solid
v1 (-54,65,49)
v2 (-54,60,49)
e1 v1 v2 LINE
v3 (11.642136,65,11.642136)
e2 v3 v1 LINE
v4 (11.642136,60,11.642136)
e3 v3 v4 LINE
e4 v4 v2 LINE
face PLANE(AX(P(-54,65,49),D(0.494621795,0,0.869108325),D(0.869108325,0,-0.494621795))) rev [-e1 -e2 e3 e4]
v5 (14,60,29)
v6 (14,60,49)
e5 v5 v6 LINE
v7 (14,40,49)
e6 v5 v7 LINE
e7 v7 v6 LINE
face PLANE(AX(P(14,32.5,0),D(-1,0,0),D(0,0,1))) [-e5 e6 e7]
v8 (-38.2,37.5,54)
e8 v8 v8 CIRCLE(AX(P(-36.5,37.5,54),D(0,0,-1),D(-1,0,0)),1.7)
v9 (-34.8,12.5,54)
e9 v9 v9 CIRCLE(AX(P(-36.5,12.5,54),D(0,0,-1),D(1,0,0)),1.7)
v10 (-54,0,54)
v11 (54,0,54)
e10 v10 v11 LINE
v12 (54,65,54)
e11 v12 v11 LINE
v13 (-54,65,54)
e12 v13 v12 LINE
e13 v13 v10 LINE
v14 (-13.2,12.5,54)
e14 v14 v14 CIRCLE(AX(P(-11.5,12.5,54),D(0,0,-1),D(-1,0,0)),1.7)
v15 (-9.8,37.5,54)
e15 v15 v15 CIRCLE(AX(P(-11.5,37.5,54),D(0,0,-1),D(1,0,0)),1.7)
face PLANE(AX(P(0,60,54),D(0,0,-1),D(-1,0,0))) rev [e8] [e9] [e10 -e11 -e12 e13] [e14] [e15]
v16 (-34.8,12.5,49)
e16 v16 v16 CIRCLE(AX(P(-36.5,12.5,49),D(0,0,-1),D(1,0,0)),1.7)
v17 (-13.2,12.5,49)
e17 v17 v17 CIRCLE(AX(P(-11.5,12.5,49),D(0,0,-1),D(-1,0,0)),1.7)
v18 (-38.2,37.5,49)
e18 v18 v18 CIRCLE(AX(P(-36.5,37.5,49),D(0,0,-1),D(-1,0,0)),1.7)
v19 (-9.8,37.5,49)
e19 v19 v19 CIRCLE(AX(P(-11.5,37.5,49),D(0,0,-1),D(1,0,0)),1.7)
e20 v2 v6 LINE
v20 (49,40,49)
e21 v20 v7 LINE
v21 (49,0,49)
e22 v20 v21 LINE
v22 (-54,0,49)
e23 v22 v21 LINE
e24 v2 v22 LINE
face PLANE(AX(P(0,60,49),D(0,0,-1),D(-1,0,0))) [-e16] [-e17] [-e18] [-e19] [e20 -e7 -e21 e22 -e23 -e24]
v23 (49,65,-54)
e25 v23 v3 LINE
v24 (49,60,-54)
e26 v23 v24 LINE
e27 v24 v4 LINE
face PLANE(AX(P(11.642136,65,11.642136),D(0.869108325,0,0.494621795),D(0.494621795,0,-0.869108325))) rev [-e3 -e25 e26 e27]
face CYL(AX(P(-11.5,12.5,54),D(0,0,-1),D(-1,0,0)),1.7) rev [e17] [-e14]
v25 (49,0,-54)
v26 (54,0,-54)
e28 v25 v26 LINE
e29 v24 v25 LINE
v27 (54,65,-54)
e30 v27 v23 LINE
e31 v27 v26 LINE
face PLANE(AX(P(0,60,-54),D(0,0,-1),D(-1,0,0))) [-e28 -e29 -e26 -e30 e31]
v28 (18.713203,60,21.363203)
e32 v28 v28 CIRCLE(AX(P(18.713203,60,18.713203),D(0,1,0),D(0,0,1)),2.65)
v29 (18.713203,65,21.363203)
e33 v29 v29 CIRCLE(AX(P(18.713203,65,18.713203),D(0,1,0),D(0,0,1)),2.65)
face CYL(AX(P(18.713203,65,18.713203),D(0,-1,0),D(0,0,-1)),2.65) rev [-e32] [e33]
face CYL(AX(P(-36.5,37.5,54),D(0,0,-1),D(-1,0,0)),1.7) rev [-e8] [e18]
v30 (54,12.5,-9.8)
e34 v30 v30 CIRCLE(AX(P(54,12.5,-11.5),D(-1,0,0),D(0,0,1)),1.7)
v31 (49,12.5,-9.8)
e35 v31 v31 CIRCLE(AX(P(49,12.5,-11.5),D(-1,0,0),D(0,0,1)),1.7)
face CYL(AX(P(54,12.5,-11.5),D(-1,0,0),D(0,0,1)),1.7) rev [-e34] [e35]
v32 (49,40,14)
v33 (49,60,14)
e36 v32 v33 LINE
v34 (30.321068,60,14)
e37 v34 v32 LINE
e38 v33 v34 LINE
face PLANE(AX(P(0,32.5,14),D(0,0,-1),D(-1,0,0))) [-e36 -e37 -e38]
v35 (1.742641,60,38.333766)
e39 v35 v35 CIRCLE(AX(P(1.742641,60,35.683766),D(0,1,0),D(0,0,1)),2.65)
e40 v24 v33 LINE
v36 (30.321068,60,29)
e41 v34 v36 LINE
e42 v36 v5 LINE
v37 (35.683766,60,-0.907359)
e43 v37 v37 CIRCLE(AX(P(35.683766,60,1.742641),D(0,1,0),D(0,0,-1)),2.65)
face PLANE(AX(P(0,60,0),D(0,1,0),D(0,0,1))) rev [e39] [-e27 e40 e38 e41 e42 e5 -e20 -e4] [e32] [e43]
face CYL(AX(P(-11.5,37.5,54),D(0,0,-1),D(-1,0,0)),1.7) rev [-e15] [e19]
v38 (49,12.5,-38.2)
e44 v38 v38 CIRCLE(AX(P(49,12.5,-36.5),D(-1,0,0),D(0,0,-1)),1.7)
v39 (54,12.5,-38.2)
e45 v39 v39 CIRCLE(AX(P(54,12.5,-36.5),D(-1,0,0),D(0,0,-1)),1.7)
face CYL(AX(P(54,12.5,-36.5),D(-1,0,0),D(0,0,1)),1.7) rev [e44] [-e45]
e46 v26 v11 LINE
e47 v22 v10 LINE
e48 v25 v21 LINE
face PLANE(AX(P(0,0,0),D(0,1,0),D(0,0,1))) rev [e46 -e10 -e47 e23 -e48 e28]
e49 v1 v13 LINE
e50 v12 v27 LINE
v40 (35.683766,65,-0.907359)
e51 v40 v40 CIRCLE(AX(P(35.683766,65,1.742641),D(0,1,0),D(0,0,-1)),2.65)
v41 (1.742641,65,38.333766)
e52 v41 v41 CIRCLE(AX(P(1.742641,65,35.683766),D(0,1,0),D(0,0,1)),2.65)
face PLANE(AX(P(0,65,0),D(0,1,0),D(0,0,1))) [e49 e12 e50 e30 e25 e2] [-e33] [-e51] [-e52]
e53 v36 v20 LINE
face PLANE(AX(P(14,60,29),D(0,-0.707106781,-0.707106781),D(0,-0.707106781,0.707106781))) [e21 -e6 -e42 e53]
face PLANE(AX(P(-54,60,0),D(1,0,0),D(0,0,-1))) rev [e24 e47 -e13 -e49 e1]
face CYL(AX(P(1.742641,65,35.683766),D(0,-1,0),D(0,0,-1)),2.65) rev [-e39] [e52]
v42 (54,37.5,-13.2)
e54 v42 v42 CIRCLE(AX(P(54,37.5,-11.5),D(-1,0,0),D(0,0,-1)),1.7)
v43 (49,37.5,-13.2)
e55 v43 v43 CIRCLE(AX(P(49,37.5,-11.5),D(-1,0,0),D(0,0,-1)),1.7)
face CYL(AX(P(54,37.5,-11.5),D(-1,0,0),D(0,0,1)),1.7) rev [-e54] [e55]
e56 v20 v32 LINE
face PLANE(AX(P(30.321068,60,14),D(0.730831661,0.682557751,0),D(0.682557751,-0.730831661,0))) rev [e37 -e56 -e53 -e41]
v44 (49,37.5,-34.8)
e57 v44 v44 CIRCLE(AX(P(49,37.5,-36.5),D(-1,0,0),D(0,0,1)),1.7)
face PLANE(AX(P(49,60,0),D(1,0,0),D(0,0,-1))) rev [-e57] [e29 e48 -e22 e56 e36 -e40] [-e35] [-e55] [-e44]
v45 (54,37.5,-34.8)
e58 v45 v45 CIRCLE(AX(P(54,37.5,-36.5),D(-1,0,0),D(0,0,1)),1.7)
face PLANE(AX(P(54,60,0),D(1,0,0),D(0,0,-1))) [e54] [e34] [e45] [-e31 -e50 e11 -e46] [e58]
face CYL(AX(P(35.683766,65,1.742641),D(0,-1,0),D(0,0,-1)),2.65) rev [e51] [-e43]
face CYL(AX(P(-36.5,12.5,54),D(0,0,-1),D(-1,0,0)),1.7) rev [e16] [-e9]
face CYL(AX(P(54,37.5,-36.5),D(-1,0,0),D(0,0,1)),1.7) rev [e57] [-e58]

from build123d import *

# Parameters (mm, degrees)
EXTRUDE_2_DEPTH     = 60
SKETCH_4_R          = 1.7
CUT_EXTRUDE_1_DEPTH = 131.862523283
SKETCH_5_R          = 1.7
CUT_EXTRUDE_2_DEPTH = 131.862523283
SKETCH_6_R          = 2.65
EXTRUDE_4_DEPTH     = 5
RIB_1_REACH         = 110.467
RIB_4_REACH         = 110.467
SKETCH_13_WALL_W    = 247.21744068
SKETCH_13_WALL_H    = 35


with BuildPart() as part:
    # 草图3 → 凸台-拉伸2 (new body)
    with BuildSketch(Plane(origin=(0, 0, 0), x_dir=(1, 0, 0), z_dir=(0, 1, 0))):
        Polygon((54, 54), (49, 54), (49, -49), (-54, -49), (-54, -54), (54, -54), align=None)
    extrude(amount=EXTRUDE_2_DEPTH)

    # 草图4 → 切除-拉伸1 (cut, through all)
    with BuildSketch(Plane(origin=(0, 0, 49), x_dir=(-1, 0, 0), z_dir=(0, 0, -1))):
        with Locations((36.5, 37.5)):
            Circle(SKETCH_4_R)
        with Locations(Location((36.5, 12.5, 0), (0, 0, 180))):
            Circle(SKETCH_4_R)
        with Locations((11.5, 12.5)):
            Circle(SKETCH_4_R)
        with Locations(Location((11.5, 37.5, 0), (0, 0, 180))):
            Circle(SKETCH_4_R)
    extrude(amount=-CUT_EXTRUDE_1_DEPTH, mode=Mode.SUBTRACT)

    # 草图5 → 切除-拉伸2 (cut, through all)
    with BuildSketch(Plane.ZY.offset(-49)):
        with Locations((-36.5, 37.5)):
            Circle(SKETCH_5_R)
        with Locations(Location((-36.5, 12.5, 0), (0, 0, 180))):
            Circle(SKETCH_5_R)
        with Locations((-11.5, 12.5)):
            Circle(SKETCH_5_R)
        with Locations(Location((-11.5, 37.5, 0), (0, 0, 180))):
            Circle(SKETCH_5_R)
    extrude(amount=-CUT_EXTRUDE_2_DEPTH, mode=Mode.SUBTRACT)

    # 草图6 → 凸台-拉伸4 (add)
    with BuildSketch(Plane(origin=(0, 60, 0), x_dir=(1, 0, 0), z_dir=(0, 1, 0))):
        Polygon((-54, -49), (-54, -54), (54, -54), (54, 54), (49, 54), (11.642135624, -11.642135624), align=None)
        with Locations(Location((1.742640687, -35.683766184, 0), (0, 0, 270))):
            Circle(SKETCH_6_R, mode=Mode.SUBTRACT)
        with Locations(Location((35.683766184, -1.742640687, 0), (0, 0, 90))):
            Circle(SKETCH_6_R, mode=Mode.SUBTRACT)
        with Locations(Location((18.713203436, -18.713203436, 0), (0, 0, 270))):
            Circle(SKETCH_6_R, mode=Mode.SUBTRACT)
    extrude(amount=EXTRUDE_4_DEPTH)

    # 草图10 walls → 筋1 (add, up to next)
    with BuildSketch(Plane(origin=(0, 0, 14), x_dir=(-1, 0, 0), z_dir=(0, 0, -1)), mode=Mode.PRIVATE) as rib_1_sk1:
        Polygon((18.817089986, 163.891167178), (-149.296374034, -16.112124581), (-123.717265916, -40.00164588), (44.396198104, 140.00164588), align=None)
    rib_1_tool1 = extrude(rib_1_sk1.sketch, amount=-RIB_1_REACH, mode=Mode.PRIVATE) - part.part
    add(rib_1_tool1.solids().sort_by_distance((39.660533906, 50, 14))[0])

    # 草图13 wall → 筋4 (add, up to next)
    with BuildSketch(Plane(origin=(14, 50, 39), x_dir=(0, -0.707106781187, 0.707106781187), z_dir=(0, 0.707106781187, 0.707106781187)), mode=Mode.PRIVATE) as rib_4_sk1:
        with Locations((0, 17.5)):
            Rectangle(SKETCH_13_WALL_W, SKETCH_13_WALL_H)
    rib_4_tool1 = extrude(rib_4_sk1.sketch, amount=RIB_4_REACH, mode=Mode.PRIVATE) - part.part
    add(rib_4_tool1.solids().sort_by_distance((14, 50, 39))[0])


solid = part.part
